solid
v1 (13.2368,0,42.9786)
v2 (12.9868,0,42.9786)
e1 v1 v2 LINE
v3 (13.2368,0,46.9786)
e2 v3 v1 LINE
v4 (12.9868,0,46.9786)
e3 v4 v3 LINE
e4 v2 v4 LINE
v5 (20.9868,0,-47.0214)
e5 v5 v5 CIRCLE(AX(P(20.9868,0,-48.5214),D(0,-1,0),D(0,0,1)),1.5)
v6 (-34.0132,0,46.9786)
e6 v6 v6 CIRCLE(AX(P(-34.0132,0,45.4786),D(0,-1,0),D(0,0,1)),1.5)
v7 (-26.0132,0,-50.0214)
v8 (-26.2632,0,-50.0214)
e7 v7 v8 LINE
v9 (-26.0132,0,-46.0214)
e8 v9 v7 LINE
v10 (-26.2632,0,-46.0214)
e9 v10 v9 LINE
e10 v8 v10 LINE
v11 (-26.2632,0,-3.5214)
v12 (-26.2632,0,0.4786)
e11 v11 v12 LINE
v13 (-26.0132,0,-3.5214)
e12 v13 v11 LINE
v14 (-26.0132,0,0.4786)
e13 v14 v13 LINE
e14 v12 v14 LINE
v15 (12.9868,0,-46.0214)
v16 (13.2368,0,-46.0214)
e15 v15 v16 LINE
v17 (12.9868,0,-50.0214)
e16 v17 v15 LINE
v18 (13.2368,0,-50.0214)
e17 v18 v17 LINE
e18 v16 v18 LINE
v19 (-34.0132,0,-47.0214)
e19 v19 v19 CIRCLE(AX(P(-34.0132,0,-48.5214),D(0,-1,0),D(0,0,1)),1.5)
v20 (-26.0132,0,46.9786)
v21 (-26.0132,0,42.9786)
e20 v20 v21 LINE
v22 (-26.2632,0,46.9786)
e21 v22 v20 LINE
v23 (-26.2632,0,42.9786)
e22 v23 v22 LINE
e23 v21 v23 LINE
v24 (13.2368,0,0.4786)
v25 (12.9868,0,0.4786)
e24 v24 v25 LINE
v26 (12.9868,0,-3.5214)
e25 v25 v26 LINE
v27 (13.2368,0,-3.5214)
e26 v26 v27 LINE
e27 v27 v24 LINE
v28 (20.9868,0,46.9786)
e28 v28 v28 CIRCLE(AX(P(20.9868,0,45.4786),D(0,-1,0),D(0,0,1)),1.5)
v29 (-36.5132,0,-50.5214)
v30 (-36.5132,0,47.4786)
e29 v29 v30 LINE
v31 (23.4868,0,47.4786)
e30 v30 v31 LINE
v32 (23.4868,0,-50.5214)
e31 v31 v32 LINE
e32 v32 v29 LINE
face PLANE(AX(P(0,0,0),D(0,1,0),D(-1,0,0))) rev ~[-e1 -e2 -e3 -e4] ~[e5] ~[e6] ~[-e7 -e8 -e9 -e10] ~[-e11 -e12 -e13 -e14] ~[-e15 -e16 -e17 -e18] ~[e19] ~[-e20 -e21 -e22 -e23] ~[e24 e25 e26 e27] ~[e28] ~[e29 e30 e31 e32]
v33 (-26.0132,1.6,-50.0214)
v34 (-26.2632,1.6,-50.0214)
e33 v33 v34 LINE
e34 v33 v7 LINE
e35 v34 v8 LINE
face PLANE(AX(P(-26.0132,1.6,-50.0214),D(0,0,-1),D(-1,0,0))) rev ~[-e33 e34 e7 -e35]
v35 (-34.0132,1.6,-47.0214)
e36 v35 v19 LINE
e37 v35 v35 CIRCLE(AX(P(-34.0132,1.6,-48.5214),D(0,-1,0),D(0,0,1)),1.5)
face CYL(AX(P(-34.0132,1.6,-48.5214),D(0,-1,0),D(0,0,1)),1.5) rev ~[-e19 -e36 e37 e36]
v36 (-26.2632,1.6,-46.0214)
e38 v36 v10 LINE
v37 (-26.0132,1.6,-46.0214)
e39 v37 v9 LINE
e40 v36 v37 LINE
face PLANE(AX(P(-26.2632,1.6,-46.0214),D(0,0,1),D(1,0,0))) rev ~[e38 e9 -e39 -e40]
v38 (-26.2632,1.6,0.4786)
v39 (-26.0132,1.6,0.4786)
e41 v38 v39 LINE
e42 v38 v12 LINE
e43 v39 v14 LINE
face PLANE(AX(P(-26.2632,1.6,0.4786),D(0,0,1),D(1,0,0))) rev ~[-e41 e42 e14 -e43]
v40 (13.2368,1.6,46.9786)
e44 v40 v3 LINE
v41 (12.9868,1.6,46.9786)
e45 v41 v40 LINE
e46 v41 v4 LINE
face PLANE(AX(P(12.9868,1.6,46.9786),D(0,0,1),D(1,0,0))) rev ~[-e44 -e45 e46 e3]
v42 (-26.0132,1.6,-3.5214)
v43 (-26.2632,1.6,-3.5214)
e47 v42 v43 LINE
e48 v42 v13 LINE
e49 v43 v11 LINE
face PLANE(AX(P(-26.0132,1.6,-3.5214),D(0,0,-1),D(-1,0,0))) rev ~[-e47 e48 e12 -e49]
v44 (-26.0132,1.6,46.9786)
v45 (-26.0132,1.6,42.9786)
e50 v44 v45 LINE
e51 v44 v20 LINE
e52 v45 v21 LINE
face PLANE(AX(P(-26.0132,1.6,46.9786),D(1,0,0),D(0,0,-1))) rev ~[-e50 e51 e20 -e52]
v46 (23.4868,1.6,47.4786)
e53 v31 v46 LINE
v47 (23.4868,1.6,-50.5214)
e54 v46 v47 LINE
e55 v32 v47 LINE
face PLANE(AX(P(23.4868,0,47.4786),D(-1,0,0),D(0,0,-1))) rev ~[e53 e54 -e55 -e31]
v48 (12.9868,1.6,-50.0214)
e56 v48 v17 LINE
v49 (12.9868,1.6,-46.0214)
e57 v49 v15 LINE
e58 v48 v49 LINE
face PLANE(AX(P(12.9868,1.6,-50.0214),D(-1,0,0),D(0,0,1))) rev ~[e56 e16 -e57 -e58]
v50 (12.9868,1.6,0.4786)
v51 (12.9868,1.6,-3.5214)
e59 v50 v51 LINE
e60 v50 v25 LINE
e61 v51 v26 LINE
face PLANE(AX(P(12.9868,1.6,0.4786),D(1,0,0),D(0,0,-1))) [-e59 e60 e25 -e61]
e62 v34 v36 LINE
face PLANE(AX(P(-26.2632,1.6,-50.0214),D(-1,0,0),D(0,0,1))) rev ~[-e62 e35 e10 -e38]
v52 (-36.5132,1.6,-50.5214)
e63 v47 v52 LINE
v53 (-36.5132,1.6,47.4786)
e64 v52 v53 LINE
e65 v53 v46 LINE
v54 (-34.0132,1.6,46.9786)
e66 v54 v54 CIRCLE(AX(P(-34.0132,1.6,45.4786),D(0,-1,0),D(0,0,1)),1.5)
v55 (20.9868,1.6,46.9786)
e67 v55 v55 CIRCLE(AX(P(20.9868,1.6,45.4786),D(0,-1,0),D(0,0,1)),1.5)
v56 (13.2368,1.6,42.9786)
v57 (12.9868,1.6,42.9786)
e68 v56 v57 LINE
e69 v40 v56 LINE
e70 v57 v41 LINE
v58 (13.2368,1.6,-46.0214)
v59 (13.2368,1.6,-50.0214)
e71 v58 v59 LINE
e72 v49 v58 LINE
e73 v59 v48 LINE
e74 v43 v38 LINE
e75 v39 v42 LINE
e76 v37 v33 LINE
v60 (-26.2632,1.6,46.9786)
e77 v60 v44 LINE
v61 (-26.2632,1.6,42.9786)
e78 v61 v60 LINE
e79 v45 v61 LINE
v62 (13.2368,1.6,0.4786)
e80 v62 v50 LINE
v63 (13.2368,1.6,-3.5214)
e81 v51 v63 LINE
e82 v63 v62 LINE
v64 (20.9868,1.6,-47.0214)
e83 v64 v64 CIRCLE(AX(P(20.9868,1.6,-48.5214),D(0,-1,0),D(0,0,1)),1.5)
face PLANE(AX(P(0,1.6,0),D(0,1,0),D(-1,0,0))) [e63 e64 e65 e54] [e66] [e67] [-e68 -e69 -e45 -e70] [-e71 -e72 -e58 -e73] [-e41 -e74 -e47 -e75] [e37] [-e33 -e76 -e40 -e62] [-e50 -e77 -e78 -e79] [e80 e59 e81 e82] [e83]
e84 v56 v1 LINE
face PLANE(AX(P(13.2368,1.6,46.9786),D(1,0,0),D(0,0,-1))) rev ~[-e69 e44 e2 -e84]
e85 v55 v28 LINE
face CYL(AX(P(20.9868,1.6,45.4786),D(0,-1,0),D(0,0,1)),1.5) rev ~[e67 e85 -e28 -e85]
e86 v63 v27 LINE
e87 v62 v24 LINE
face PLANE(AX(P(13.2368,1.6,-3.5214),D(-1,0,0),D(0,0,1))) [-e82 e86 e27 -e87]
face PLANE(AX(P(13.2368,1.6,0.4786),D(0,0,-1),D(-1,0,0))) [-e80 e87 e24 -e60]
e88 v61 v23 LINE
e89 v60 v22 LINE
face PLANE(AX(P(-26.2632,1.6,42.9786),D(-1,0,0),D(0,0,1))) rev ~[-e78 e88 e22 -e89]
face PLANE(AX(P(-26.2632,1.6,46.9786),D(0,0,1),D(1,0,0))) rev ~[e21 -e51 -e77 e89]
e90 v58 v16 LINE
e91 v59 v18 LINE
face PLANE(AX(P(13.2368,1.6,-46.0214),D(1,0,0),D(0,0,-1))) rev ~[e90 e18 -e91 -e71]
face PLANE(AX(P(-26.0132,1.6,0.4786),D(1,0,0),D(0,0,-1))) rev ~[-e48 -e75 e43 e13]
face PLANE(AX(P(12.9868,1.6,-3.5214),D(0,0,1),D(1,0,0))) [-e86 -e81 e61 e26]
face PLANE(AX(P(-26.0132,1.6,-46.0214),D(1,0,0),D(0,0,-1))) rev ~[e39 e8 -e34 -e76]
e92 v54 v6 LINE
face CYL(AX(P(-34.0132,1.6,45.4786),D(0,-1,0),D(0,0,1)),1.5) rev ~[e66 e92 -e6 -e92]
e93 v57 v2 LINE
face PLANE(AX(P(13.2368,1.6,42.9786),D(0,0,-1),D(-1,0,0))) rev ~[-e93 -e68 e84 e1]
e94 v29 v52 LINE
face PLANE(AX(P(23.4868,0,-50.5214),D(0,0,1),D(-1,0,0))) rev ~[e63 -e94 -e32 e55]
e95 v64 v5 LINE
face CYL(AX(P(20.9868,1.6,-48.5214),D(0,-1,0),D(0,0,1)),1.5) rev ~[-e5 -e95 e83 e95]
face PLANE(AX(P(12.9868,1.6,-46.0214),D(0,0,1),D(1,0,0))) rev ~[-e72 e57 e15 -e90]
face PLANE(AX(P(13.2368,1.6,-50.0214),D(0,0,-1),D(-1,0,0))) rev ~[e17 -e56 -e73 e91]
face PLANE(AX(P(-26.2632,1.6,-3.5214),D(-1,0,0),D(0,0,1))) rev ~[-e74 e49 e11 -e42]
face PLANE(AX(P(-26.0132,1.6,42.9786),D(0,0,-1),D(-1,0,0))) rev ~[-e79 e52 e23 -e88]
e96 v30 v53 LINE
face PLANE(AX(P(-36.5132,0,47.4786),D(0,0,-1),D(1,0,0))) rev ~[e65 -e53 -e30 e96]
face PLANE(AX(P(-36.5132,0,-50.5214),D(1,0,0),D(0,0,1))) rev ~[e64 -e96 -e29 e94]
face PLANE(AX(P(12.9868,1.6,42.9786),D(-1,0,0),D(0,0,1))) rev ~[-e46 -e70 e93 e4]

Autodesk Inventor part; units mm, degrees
ref_plane "YZ Plane" through (0, 0, 0) normal (1, 0, 0) x (0, 1, 0)
ref_plane "XZ Plane" through (0, 0, 0) normal (0, 1, 0) x (-1, 0, 0)
ref_plane "XY Plane" through (0, 0, 0) normal (0, 0, 1) x (1, 0, 0)
sketch "Sketch1" plane through (0, 0, 0) normal (0, 1, 0) x (-1, 0, 0)
  line L0 (36.5132, 47.4786) -> (-23.4868, 47.4786)
  line L1 (-23.4868, 47.4786) -> (-23.4868, -50.5214)
  line L2 (-23.4868, -50.5214) -> (36.5132, -50.5214)
  line L3 (36.5132, -50.5214) -> (36.5132, 47.4786)
  point P0 (0, 0)
  dimension "LCD_PCB_Width" = 98
  dimension "LCD_PCB_Height" = 60
extrude "Extrusion1" add sketch "Sketch1" along normal blind 1.6
sketch "Sketch2" plane through (0, 1.6, 0) normal (0, 1, 0) x (1, 0, 0)
  line L0 (-26.2632, -46.9786) -> (13.2368, -46.9786) construction
  line L1 (13.2368, -46.9786) -> (13.2368, 50.0214) construction
  line L2 (13.2368, 50.0214) -> (-26.2632, 50.0214) construction
  line L3 (-26.2632, 50.0214) -> (-26.2632, -46.9786) construction
  line L4 (-36.5132, 50.5214) -> (-36.5132, -47.4786) construction
  line L5 (-36.5132, 1.5214) -> (-26.2632, 1.5214) construction
  line L6 (13.2368, 1.5214) -> (23.4868, 1.5214) construction
  line L7 (23.4868, -47.4786) -> (23.4868, 50.5214) construction
  line L8 (-26.2632, -46.9786) -> (-26.0132, -46.9786)
  line L9 (-26.0132, -46.9786) -> (-26.0132, -42.9786)
  line L10 (-26.0132, -42.9786) -> (-26.2632, -42.9786)
  line L11 (-26.2632, -42.9786) -> (-26.2632, -46.9786)
  line L12 (-26.2632, -0.4786) -> (-26.0132, -0.4786)
  line L13 (-26.0132, -0.4786) -> (-26.0132, 3.5214)
  line L14 (-26.0132, 3.5214) -> (-26.2632, 3.5214)
  line L15 (-26.2632, 3.5214) -> (-26.2632, -0.4786)
  line L16 (-26.2632, 46.0214) -> (-26.0132, 46.0214)
  line L17 (-26.0132, 46.0214) -> (-26.0132, 50.0214)
  line L18 (-26.0132, 50.0214) -> (-26.2632, 50.0214)
  line L19 (-26.2632, 50.0214) -> (-26.2632, 46.0214)
  line L20 (12.9868, 46.0214) -> (13.2368, 46.0214)
  line L21 (13.2368, 46.0214) -> (13.2368, 50.0214)
  line L22 (13.2368, 50.0214) -> (12.9868, 50.0214)
  line L23 (12.9868, 50.0214) -> (12.9868, 46.0214)
  line L24 (12.9868, 3.5214) -> (13.2368, 3.5214)
  line L25 (13.2368, 3.5214) -> (13.2368, -0.4786)
  line L26 (13.2368, -0.4786) -> (12.9868, -0.4786)
  line L27 (12.9868, -0.4786) -> (12.9868, 3.5214)
  line L28 (12.9868, -46.9786) -> (13.2368, -46.9786)
  line L29 (13.2368, -46.9786) -> (13.2368, -42.9786)
  line L30 (13.2368, -42.9786) -> (12.9868, -42.9786)
  line L31 (12.9868, -42.9786) -> (12.9868, -46.9786)
  line L32 (-26.1382, -42.9786) -> (-26.1382, -0.4786) construction
  line L33 (-26.1382, 3.5214) -> (-26.1382, 46.0214) construction
  point P0 (0, 0)
  dimension "d4" = 39.5
  dimension "d5" = 97
  dimension "d6" = 0.25
  dimension "d7" = 4
extrude "Extrusion2" cut sketch "Sketch2" against normal blind 1.6
sketch "Sketch3" plane through (0, 1.6, 0) normal (0, 1, 0) x (1, 0, 0)
  line L0 (-36.5132, -47.4786) -> (23.4868, -47.4786) projected
  line L1 (-34.0132, -45.4786) -> (20.9868, -45.4786) construction
  line L2 (20.9868, -45.4786) -> (20.9868, 48.5214) construction
  line L3 (20.9868, 48.5214) -> (-34.0132, 48.5214) construction
  line L4 (-34.0132, 48.5214) -> (-34.0132, -45.4786) construction
  line L5 (23.4868, 50.5214) -> (-36.5132, 50.5214) construction
  line L6 (-36.5132, 50.5214) -> (-36.5132, -47.4786) construction
  point P0 (0, 0)
  dimension "LCD_PCB_Side_Hole_Offset" = 2
  dimension "LCD_PCB_Vertical_Hole_Spacing" = 55
  dimension "d12" = 2
  dimension "LCD_PCB_Top_Hole_Offset" = 2.5
  dimension "LCD_PCB_Horizontal_Hole_Spacing" = 94
hole "Hole1" at (-34.0132, 1.6, 45.4786) at (-34.0132, 1.6, -48.5214) at (20.9868, 1.6, -48.5214) at (20.9868, 1.6, 45.4786) direction (0, -1, 0) diameter 3 end through all
equation "\"d4\" = LCD_Screen_Height"
equation "\"d5\" = LCD_Screen_Width"
equation "\"d6\" = LCD_Screen_Tab_Width"
equation "\"d7\" = LCD_Screen_Tab_Length"
equation "\"d8\" = LCD_PCB_Thickness"
equation "\"d12\" = LCD_PCB_Side_Hole_Offset"
equation "\"LCD_Screen_Height\" = 39.5"
equation "\"LCD_Screen_Width\" = 97"
equation "\"LCD_Screen_Tab_Width\" = 0.25"
equation "\"LCD_Screen_Tab_Length\" = 4"
equation "\"LCD_PCB_Thickness\" = 1.6"
properties part number "LCD_PCB" material "Phenolic Resin"
